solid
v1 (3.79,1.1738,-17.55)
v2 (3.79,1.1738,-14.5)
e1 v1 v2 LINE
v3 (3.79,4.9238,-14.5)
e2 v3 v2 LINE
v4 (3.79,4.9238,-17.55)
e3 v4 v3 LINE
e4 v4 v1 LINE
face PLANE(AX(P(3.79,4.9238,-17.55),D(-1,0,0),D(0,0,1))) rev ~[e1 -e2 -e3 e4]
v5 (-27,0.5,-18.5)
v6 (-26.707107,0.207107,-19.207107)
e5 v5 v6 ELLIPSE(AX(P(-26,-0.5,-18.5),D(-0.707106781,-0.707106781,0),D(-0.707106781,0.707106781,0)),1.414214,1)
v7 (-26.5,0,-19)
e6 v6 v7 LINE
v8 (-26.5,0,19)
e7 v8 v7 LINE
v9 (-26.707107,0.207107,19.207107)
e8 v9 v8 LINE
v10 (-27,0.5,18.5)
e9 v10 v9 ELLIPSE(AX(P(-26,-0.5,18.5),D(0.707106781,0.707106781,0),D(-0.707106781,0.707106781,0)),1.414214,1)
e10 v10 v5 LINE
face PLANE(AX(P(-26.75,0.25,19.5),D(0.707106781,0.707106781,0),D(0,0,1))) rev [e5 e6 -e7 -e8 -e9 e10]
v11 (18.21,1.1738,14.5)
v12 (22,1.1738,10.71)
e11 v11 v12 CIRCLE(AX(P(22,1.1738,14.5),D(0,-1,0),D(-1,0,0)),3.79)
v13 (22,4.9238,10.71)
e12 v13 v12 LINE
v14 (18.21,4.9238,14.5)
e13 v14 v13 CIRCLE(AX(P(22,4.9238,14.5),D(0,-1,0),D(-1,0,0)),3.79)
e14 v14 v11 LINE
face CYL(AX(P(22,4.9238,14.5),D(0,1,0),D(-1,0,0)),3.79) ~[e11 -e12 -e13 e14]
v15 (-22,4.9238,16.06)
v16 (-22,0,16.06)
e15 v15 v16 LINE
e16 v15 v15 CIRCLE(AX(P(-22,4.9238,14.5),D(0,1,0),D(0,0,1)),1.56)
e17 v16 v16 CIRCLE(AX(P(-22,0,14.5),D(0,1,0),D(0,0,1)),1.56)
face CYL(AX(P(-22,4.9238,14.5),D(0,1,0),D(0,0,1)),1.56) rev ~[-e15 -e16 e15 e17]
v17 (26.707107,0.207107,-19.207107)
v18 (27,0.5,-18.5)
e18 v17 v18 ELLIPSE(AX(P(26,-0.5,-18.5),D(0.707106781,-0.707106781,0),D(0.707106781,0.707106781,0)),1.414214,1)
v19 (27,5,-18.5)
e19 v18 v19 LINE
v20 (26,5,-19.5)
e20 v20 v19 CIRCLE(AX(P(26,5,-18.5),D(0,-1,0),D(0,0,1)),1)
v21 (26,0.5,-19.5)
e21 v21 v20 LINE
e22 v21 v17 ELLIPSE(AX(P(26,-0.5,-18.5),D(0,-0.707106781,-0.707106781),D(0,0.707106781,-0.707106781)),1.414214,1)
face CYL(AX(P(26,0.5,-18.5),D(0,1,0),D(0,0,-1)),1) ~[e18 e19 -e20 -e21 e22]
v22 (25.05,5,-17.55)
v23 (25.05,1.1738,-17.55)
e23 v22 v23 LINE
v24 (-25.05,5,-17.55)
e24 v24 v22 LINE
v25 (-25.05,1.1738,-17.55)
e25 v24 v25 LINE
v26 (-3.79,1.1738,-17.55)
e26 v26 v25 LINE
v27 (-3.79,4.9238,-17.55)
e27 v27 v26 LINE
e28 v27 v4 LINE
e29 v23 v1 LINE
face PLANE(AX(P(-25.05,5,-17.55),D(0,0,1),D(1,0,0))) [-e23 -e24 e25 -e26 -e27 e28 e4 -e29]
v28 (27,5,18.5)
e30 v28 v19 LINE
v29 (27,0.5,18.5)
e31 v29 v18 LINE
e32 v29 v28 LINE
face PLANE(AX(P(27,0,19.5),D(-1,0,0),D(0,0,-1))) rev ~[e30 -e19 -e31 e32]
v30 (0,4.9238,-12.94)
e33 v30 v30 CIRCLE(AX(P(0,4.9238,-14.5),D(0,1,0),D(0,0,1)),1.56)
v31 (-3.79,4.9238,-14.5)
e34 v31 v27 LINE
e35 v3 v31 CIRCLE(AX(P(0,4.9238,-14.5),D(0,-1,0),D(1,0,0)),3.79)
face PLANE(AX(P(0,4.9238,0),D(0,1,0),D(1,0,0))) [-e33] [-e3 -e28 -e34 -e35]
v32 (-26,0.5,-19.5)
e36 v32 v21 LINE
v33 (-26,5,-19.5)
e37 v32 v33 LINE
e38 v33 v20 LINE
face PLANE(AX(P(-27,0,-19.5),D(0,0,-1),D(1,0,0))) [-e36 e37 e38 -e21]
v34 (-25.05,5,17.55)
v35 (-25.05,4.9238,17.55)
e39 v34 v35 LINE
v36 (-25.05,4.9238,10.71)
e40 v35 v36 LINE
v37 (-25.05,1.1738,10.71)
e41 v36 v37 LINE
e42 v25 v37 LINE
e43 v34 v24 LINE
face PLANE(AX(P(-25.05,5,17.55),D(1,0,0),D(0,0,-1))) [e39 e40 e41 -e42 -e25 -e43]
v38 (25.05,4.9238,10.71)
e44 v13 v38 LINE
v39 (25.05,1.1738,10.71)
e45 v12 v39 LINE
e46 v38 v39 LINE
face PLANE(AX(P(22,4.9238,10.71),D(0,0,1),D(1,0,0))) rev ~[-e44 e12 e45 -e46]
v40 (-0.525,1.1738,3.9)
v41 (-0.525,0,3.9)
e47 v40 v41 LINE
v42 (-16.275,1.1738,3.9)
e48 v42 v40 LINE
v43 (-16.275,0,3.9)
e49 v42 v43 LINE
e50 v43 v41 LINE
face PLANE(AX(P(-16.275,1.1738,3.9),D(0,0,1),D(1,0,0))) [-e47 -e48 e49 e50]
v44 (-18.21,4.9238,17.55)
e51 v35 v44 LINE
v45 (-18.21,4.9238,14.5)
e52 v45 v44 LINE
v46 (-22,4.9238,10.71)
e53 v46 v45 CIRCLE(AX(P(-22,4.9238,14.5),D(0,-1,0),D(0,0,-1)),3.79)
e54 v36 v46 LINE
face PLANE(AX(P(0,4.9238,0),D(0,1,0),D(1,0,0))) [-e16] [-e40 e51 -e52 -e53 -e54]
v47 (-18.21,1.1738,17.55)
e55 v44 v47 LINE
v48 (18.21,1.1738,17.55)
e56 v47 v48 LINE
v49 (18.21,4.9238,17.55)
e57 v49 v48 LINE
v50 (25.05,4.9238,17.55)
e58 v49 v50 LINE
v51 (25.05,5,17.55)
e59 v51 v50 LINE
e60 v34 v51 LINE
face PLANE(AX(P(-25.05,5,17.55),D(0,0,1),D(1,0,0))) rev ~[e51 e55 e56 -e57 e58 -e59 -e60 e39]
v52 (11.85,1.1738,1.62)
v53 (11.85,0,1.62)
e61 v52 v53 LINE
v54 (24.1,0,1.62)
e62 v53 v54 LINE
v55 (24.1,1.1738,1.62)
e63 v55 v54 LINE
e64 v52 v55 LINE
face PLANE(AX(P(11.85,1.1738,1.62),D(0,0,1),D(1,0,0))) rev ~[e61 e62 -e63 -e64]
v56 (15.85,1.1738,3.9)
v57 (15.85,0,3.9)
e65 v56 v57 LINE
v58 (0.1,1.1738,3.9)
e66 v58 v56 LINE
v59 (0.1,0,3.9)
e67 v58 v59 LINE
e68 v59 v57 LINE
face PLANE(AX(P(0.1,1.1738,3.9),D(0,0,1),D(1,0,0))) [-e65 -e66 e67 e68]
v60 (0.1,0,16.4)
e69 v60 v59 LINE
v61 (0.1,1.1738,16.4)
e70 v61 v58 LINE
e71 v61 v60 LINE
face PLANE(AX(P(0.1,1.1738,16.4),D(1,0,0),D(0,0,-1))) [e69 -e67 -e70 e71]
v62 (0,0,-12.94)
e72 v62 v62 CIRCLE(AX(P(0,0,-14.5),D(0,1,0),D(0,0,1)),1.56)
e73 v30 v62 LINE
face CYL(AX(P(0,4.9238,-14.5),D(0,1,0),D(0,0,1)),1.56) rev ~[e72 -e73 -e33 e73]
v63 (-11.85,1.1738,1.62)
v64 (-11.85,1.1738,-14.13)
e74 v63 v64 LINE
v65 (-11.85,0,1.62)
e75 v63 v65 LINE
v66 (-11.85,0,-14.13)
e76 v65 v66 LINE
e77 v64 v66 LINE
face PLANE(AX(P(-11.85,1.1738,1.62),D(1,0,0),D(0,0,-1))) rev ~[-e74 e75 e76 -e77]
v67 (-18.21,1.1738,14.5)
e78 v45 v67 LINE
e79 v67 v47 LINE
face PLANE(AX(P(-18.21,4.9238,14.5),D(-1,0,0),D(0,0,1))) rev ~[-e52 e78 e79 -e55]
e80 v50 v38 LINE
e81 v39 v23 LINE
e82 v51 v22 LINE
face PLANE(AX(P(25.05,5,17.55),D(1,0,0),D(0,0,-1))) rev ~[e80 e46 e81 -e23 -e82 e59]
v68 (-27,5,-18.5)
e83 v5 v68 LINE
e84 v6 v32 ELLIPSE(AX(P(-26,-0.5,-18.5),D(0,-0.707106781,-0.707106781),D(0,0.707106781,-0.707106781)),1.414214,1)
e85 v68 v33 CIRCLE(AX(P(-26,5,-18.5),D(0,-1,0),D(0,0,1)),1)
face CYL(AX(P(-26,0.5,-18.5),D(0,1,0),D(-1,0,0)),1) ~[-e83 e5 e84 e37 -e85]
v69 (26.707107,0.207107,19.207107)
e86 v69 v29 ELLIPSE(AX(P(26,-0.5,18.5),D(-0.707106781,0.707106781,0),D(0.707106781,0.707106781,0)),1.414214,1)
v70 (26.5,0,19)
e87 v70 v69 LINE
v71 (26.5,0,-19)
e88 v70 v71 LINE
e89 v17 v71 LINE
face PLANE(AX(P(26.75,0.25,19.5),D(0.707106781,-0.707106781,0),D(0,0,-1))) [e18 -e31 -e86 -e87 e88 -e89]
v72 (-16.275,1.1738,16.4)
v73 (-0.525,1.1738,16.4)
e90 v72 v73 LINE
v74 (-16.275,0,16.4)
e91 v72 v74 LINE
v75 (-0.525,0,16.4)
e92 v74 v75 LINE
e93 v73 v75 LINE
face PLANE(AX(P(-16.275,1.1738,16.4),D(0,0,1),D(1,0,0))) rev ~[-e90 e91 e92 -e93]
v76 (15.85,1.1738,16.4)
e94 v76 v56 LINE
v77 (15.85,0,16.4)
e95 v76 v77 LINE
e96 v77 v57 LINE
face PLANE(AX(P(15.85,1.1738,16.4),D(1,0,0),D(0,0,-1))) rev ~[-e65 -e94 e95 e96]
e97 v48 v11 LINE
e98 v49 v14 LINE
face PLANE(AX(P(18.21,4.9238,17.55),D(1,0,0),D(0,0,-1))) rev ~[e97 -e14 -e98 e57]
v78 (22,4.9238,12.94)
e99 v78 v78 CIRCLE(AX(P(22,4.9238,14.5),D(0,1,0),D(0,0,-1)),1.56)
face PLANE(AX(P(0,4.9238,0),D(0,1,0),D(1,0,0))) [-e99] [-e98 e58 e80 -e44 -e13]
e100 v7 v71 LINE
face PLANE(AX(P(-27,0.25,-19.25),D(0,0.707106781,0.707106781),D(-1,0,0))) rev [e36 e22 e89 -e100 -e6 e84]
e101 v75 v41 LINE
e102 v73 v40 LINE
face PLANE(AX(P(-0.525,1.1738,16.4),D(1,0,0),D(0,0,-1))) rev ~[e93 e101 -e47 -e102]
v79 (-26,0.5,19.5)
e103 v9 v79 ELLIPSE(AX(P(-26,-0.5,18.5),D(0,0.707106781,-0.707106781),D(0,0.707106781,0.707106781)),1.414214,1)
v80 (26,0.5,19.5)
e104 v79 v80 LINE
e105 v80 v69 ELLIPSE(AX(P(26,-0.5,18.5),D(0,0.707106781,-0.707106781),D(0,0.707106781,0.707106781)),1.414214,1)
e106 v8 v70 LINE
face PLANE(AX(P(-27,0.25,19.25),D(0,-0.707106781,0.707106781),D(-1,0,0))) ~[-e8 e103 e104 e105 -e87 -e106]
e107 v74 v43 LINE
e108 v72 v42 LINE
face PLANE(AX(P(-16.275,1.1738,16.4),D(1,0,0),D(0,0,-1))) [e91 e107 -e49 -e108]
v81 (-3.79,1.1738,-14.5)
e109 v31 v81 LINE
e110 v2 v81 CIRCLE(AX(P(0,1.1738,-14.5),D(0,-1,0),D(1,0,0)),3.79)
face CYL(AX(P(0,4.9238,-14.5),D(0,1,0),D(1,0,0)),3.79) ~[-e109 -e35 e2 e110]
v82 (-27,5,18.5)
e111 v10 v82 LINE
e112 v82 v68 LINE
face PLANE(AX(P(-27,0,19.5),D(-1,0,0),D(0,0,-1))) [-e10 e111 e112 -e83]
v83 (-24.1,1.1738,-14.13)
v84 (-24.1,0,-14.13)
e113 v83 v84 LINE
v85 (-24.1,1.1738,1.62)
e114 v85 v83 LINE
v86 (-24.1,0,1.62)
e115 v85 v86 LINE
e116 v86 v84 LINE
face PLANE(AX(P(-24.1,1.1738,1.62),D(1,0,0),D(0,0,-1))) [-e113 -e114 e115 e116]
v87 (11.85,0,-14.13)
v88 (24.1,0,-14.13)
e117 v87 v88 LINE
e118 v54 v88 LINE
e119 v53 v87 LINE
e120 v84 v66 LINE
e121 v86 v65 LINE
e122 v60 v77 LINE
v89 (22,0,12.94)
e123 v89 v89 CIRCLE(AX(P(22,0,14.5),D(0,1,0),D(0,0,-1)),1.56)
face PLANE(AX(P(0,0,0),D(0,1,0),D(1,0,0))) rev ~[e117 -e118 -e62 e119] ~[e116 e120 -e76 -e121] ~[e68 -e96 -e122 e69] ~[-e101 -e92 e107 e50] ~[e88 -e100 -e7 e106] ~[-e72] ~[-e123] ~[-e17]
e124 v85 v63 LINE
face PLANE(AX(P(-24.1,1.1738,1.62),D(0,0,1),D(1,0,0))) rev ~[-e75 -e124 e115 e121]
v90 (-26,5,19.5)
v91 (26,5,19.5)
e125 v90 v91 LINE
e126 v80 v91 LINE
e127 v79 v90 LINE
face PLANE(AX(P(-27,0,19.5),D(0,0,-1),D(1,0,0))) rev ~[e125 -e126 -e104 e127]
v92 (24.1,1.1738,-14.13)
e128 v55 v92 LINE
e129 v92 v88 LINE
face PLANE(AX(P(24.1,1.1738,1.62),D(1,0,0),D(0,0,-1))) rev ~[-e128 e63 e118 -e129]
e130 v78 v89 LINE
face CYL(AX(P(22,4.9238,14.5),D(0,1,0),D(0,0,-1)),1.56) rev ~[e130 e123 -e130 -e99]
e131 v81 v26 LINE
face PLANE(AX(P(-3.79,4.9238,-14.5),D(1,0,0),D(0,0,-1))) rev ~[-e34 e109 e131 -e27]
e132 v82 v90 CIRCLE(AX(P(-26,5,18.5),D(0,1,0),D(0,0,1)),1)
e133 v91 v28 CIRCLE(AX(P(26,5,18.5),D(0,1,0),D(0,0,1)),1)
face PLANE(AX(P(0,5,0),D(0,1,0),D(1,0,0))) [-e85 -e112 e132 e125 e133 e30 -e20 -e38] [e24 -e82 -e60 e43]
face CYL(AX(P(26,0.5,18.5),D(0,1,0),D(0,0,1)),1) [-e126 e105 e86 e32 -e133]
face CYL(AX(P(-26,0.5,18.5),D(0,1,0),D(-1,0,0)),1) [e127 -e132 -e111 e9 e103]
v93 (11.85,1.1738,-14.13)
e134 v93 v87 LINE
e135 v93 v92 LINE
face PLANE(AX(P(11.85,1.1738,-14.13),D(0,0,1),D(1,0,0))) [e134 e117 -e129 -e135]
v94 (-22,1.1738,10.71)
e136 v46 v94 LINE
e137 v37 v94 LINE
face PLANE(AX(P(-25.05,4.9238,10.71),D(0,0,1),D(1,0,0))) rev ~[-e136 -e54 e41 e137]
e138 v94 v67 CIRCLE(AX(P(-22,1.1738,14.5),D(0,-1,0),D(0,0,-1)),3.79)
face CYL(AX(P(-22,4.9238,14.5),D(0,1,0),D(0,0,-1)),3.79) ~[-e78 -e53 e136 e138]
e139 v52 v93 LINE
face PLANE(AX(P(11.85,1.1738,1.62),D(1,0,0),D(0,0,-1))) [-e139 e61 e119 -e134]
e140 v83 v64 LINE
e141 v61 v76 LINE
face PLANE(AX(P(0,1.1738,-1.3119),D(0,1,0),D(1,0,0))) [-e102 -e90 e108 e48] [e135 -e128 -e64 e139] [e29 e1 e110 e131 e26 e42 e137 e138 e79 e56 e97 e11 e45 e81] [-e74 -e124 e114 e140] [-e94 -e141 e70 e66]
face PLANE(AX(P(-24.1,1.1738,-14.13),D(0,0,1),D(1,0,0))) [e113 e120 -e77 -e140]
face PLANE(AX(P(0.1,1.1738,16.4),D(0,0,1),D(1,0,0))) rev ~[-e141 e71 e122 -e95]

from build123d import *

# Parameters (mm, degrees)
SKETCH1_W           = 54
SKETCH1_H           = 39
BOSS_EXTRUDE1_DEPTH = 5
SKETCH2_W           = 50.1
SKETCH2_H           = 35.1
CUT_EXTRUDE1_DEPTH  = 0.0762
CUT_EXTRUDE2_DEPTH  = 3.75
SKETCH4_R           = 1.56
CUT_EXTRUDE3_DEPTH  = 34.667399758
SKETCH6_W           = 12.25
SKETCH6_H           = 15.75
SKETCH6_W_2         = 15.75
SKETCH6_H_2         = 12.5
CUT_EXTRUDE5_DEPTH  = 34.524465789
CHAMFER1_SIZE       = 0.5
FILLET1_R           = 1


with BuildPart() as part:
    # Sketch1 → Boss-Extrude1 (new body)
    with BuildSketch(Plane(origin=(0, 0, 0), x_dir=(1, 0, 0), z_dir=(0, 1, 0))):
        Rectangle(SKETCH1_W, SKETCH1_H)
    extrude(amount=BOSS_EXTRUDE1_DEPTH)

    # Sketch2 → Cut-Extrude1 (cut)
    with BuildSketch(Plane(origin=(0, 5, 0), x_dir=(1, 0, 0), z_dir=(0, 1, 0))):
        Rectangle(SKETCH2_W, SKETCH2_H)
    extrude(amount=-CUT_EXTRUDE1_DEPTH, mode=Mode.SUBTRACT)

    # Sketch3 → Cut-Extrude2 (cut)
    with BuildSketch(Plane(origin=(0, 4.9238, 0), x_dir=(1, 0, 0), z_dir=(0, 1, 0))):
        with BuildLine():
            Line((-3.79, 14.5), (-3.79, 17.55))
            Line((-3.79, 17.55), (-25.05, 17.55))
            Line((-25.05, 17.55), (-25.05, -10.71))
            Line((-25.05, -10.71), (-22, -10.71))
            ThreePointArc((-22, -10.71), (-19.320065299, -11.820065299), (-18.21, -14.5))
            Line((-18.21, -14.5), (-18.21, -17.55))
            Line((-18.21, -17.55), (18.21, -17.55))
            Line((18.21, -17.55), (18.21, -14.5))
            ThreePointArc((18.21, -14.5), (19.320065299, -11.820065299), (22, -10.71))
            Line((22, -10.71), (25.05, -10.71))
            Line((25.05, -10.71), (25.05, 17.55))
            Line((25.05, 17.55), (3.79, 17.55))
            Line((3.79, 17.55), (3.79, 14.5))
            ThreePointArc((3.79, 14.5), (0, 10.71), (-3.79, 14.5))
        make_face()
    extrude(amount=-CUT_EXTRUDE2_DEPTH, mode=Mode.SUBTRACT)

    # Sketch4 → Cut-Extrude3 (cut, through all)
    with BuildSketch(Plane(origin=(0, 4.9238, 0), x_dir=(1, 0, 0), z_dir=(0, 1, 0))):
        with Locations(Location((0, 14.5, 0), (0, 0, 270))):
            Circle(SKETCH4_R)
        with Locations(Location((-22, -14.5, 0), (0, 0, 270))):
            Circle(SKETCH4_R)
        with Locations(Location((22, -14.5, 0), (0, 0, 90))):
            Circle(SKETCH4_R)
    extrude(amount=-CUT_EXTRUDE3_DEPTH, mode=Mode.SUBTRACT)

    # Sketch6 → Cut-Extrude5 (cut, through all)
    with BuildSketch(Plane(origin=(0, 1.1738, 0), x_dir=(1, 0, 0), z_dir=(0, 1, 0))):
        with Locations((17.975, 6.255)):
            Rectangle(SKETCH6_W, SKETCH6_H)
        with Locations((7.975, -10.15)):
            Rectangle(SKETCH6_W_2, SKETCH6_H_2)
        with Locations((-17.975, 6.255)):
            Rectangle(SKETCH6_W, SKETCH6_H)
        with Locations((-8.4, -10.15)):
            Rectangle(SKETCH6_W_2, SKETCH6_H_2)
    extrude(amount=-CUT_EXTRUDE5_DEPTH, mode=Mode.SUBTRACT)

    # Chamfer1
    chamfer1_edges = [part.edges().sort_by_distance(p)[0] for p in [
        (-27, 0, 0),
        (0, 0, -19.5),
        (27, 0, 0),
        (0, 0, 19.5),
    ]]
    chamfer(chamfer1_edges, length=CHAMFER1_SIZE)

    # Fillet1
    fillet1_edges = [part.edges().sort_by_distance(p)[0] for p in [
        (-27, 2.75, 19.5),
        (-27, 2.75, -19.5),
        (27, 2.75, -19.5),
        (27, 2.75, 19.5),
    ]]
    fillet(fillet1_edges, radius=FILLET1_R)


solid = part.part
